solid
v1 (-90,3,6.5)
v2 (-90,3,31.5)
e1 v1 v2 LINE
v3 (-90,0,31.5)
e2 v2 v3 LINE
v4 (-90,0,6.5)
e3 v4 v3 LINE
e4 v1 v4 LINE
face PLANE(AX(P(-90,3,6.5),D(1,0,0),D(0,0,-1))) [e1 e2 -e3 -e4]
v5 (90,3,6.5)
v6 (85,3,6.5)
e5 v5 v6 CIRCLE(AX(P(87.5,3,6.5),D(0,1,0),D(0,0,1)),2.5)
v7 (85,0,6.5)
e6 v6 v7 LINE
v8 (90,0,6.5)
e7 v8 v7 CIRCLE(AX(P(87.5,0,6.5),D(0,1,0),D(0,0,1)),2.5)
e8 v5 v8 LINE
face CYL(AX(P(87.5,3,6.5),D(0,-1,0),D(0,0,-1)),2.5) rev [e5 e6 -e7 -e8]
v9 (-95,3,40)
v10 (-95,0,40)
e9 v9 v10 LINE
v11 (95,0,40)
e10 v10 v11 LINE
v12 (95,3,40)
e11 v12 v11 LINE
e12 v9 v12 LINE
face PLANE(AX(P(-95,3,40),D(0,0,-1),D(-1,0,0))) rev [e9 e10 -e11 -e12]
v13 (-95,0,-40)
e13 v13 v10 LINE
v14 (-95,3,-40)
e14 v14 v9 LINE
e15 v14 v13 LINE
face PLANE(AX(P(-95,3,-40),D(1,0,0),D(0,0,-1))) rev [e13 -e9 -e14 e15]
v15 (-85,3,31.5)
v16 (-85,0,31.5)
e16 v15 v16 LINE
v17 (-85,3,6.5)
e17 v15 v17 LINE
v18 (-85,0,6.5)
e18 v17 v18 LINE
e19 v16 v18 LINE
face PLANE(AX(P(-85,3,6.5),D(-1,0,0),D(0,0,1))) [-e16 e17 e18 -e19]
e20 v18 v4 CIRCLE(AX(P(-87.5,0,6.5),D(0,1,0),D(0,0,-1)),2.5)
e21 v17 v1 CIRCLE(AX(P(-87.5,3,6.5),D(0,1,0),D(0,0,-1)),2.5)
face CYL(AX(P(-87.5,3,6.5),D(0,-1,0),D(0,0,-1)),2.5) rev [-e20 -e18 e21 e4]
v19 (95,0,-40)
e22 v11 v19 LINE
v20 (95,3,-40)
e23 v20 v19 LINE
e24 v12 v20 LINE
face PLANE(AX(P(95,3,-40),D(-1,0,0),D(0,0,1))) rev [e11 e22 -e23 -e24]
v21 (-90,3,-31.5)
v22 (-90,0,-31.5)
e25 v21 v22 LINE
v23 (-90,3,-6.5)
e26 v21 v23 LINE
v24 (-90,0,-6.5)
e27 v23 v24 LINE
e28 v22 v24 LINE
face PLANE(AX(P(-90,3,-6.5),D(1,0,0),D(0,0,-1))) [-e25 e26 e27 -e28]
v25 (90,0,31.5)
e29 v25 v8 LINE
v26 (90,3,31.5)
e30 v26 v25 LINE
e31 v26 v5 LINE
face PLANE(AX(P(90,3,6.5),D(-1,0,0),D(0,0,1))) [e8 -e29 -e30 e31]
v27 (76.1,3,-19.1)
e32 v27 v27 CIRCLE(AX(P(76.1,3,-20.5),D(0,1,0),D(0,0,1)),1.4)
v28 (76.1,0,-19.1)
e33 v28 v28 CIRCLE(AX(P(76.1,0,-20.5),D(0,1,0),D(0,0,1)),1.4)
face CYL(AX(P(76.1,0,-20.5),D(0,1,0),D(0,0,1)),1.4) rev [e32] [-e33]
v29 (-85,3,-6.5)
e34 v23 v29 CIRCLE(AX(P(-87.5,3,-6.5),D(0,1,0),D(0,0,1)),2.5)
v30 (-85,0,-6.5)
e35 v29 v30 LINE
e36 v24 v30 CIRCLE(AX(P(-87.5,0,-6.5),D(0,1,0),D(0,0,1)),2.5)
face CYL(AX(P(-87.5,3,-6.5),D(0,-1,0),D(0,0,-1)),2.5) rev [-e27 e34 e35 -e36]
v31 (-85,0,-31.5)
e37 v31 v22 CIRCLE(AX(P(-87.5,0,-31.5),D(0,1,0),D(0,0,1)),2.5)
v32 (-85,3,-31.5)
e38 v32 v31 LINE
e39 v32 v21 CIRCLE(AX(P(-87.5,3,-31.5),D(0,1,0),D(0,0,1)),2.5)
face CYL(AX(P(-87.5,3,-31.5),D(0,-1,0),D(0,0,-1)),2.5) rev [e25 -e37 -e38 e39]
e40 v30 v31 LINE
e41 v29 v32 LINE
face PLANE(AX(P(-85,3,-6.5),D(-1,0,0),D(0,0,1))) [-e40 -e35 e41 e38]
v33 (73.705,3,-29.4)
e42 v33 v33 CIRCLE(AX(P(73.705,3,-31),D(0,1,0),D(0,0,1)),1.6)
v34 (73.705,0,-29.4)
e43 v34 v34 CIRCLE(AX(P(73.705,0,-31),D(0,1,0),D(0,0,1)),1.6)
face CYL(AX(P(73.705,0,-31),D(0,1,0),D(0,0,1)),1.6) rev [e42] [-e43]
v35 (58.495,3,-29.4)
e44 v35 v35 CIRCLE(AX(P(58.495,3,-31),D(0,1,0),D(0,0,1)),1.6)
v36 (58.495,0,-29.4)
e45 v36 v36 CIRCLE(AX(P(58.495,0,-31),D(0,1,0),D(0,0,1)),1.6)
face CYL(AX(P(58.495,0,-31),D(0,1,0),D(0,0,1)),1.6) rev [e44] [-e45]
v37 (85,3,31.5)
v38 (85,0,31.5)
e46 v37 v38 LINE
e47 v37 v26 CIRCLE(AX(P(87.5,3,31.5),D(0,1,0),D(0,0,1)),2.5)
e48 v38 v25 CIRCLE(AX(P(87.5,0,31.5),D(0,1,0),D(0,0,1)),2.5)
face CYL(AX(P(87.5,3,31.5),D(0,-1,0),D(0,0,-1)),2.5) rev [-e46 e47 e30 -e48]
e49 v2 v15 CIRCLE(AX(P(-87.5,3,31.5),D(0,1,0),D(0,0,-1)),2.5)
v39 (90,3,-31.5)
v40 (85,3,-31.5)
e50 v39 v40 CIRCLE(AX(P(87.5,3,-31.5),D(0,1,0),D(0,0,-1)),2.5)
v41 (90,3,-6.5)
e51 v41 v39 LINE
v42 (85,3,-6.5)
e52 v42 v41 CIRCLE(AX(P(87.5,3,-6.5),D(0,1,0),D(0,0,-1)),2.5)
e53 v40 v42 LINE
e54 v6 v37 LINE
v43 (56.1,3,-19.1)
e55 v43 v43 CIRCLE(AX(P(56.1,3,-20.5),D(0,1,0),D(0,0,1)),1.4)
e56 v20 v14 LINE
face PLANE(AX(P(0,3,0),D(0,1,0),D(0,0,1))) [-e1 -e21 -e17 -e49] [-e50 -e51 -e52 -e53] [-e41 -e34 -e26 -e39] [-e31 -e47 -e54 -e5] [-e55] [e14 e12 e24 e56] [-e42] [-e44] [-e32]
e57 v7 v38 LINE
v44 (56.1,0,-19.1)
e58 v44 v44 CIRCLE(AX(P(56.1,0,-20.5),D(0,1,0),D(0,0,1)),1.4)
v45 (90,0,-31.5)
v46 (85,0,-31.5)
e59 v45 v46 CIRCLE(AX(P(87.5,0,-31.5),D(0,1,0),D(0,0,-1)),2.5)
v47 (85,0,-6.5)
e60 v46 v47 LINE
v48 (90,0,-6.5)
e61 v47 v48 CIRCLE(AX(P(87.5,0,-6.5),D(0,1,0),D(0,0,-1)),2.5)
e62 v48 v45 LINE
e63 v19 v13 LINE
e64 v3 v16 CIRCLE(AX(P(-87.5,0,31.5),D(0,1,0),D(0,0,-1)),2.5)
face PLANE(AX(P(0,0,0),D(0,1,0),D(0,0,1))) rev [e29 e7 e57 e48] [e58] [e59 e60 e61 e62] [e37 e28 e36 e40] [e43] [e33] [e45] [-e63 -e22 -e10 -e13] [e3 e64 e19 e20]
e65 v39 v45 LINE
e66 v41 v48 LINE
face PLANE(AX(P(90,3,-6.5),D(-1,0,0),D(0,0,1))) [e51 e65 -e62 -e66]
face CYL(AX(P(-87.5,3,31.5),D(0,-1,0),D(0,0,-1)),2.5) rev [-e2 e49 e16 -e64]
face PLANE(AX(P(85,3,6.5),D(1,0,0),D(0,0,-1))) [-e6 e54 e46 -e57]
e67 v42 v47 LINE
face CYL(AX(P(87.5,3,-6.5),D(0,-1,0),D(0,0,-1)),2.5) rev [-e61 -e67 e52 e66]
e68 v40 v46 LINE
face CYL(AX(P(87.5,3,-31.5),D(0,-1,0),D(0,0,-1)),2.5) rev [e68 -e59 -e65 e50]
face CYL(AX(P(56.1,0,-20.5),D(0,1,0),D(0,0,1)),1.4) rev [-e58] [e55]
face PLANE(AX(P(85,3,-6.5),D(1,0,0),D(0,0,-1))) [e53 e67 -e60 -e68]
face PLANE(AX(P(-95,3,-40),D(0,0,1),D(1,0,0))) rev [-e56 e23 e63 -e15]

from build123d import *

# Parameters (mm, degrees)
SKETCH1_W           = 190
SKETCH1_H           = 80
BOSS_EXTRUDE1_DEPTH = 3
SKETCH4_R           = 1.4
SKETCH4_R_2         = 1.6
CUT_EXTRUDE2_DEPTH  = 3


with BuildPart() as part:
    # Sketch1 → Boss-Extrude1 (new body)
    with BuildSketch(Plane(origin=(0, 0, 0), x_dir=(1, 0, 0), z_dir=(0, 1, 0))):
        Rectangle(SKETCH1_W, SKETCH1_H)
        with BuildLine():
            Line((-90, 6.5), (-90, 31.5))
            ThreePointArc((-90, 31.5), (-87.5, 34), (-85, 31.5))
            Line((-85, 31.5), (-85, 6.5))
            ThreePointArc((-85, 6.5), (-87.5, 4), (-90, 6.5))
        make_face(mode=Mode.SUBTRACT)
        with BuildLine():
            Line((-90, -6.5), (-90, -31.5))
            ThreePointArc((-90, -31.5), (-87.5, -34), (-85, -31.5))
            Line((-85, -31.5), (-85, -6.5))
            ThreePointArc((-85, -6.5), (-87.5, -4), (-90, -6.5))
        make_face(mode=Mode.SUBTRACT)
        with BuildLine():
            Line((90, 6.5), (90, 31.5))
            ThreePointArc((90, 31.5), (87.5, 34), (85, 31.5))
            Line((85, 31.5), (85, 6.5))
            ThreePointArc((85, 6.5), (87.5, 4), (90, 6.5))
        make_face(mode=Mode.SUBTRACT)
        with BuildLine():
            Line((90, -6.5), (90, -31.5))
            ThreePointArc((90, -31.5), (87.5, -34), (85, -31.5))
            Line((85, -31.5), (85, -6.5))
            ThreePointArc((85, -6.5), (87.5, -4), (90, -6.5))
        make_face(mode=Mode.SUBTRACT)
    extrude(amount=BOSS_EXTRUDE1_DEPTH)

    # Sketch4 → Cut-Extrude2 (cut)
    with BuildSketch(Plane(origin=(0, 3, 0), x_dir=(1, 0, 0), z_dir=(0, 1, 0))):
        with Locations(Location((56.1, 20.5, 0), (0, 0, 270))):
            Circle(SKETCH4_R)
        with Locations(Location((76.1, 20.5, 0), (0, 0, 270))):
            Circle(SKETCH4_R)
        with Locations(Location((58.495, 31, 0), (0, 0, 270))):
            Circle(SKETCH4_R_2)
        with Locations(Location((73.705, 31, 0), (0, 0, 270))):
            Circle(SKETCH4_R_2)
    extrude(amount=-CUT_EXTRUDE2_DEPTH, mode=Mode.SUBTRACT)


solid = part.part
